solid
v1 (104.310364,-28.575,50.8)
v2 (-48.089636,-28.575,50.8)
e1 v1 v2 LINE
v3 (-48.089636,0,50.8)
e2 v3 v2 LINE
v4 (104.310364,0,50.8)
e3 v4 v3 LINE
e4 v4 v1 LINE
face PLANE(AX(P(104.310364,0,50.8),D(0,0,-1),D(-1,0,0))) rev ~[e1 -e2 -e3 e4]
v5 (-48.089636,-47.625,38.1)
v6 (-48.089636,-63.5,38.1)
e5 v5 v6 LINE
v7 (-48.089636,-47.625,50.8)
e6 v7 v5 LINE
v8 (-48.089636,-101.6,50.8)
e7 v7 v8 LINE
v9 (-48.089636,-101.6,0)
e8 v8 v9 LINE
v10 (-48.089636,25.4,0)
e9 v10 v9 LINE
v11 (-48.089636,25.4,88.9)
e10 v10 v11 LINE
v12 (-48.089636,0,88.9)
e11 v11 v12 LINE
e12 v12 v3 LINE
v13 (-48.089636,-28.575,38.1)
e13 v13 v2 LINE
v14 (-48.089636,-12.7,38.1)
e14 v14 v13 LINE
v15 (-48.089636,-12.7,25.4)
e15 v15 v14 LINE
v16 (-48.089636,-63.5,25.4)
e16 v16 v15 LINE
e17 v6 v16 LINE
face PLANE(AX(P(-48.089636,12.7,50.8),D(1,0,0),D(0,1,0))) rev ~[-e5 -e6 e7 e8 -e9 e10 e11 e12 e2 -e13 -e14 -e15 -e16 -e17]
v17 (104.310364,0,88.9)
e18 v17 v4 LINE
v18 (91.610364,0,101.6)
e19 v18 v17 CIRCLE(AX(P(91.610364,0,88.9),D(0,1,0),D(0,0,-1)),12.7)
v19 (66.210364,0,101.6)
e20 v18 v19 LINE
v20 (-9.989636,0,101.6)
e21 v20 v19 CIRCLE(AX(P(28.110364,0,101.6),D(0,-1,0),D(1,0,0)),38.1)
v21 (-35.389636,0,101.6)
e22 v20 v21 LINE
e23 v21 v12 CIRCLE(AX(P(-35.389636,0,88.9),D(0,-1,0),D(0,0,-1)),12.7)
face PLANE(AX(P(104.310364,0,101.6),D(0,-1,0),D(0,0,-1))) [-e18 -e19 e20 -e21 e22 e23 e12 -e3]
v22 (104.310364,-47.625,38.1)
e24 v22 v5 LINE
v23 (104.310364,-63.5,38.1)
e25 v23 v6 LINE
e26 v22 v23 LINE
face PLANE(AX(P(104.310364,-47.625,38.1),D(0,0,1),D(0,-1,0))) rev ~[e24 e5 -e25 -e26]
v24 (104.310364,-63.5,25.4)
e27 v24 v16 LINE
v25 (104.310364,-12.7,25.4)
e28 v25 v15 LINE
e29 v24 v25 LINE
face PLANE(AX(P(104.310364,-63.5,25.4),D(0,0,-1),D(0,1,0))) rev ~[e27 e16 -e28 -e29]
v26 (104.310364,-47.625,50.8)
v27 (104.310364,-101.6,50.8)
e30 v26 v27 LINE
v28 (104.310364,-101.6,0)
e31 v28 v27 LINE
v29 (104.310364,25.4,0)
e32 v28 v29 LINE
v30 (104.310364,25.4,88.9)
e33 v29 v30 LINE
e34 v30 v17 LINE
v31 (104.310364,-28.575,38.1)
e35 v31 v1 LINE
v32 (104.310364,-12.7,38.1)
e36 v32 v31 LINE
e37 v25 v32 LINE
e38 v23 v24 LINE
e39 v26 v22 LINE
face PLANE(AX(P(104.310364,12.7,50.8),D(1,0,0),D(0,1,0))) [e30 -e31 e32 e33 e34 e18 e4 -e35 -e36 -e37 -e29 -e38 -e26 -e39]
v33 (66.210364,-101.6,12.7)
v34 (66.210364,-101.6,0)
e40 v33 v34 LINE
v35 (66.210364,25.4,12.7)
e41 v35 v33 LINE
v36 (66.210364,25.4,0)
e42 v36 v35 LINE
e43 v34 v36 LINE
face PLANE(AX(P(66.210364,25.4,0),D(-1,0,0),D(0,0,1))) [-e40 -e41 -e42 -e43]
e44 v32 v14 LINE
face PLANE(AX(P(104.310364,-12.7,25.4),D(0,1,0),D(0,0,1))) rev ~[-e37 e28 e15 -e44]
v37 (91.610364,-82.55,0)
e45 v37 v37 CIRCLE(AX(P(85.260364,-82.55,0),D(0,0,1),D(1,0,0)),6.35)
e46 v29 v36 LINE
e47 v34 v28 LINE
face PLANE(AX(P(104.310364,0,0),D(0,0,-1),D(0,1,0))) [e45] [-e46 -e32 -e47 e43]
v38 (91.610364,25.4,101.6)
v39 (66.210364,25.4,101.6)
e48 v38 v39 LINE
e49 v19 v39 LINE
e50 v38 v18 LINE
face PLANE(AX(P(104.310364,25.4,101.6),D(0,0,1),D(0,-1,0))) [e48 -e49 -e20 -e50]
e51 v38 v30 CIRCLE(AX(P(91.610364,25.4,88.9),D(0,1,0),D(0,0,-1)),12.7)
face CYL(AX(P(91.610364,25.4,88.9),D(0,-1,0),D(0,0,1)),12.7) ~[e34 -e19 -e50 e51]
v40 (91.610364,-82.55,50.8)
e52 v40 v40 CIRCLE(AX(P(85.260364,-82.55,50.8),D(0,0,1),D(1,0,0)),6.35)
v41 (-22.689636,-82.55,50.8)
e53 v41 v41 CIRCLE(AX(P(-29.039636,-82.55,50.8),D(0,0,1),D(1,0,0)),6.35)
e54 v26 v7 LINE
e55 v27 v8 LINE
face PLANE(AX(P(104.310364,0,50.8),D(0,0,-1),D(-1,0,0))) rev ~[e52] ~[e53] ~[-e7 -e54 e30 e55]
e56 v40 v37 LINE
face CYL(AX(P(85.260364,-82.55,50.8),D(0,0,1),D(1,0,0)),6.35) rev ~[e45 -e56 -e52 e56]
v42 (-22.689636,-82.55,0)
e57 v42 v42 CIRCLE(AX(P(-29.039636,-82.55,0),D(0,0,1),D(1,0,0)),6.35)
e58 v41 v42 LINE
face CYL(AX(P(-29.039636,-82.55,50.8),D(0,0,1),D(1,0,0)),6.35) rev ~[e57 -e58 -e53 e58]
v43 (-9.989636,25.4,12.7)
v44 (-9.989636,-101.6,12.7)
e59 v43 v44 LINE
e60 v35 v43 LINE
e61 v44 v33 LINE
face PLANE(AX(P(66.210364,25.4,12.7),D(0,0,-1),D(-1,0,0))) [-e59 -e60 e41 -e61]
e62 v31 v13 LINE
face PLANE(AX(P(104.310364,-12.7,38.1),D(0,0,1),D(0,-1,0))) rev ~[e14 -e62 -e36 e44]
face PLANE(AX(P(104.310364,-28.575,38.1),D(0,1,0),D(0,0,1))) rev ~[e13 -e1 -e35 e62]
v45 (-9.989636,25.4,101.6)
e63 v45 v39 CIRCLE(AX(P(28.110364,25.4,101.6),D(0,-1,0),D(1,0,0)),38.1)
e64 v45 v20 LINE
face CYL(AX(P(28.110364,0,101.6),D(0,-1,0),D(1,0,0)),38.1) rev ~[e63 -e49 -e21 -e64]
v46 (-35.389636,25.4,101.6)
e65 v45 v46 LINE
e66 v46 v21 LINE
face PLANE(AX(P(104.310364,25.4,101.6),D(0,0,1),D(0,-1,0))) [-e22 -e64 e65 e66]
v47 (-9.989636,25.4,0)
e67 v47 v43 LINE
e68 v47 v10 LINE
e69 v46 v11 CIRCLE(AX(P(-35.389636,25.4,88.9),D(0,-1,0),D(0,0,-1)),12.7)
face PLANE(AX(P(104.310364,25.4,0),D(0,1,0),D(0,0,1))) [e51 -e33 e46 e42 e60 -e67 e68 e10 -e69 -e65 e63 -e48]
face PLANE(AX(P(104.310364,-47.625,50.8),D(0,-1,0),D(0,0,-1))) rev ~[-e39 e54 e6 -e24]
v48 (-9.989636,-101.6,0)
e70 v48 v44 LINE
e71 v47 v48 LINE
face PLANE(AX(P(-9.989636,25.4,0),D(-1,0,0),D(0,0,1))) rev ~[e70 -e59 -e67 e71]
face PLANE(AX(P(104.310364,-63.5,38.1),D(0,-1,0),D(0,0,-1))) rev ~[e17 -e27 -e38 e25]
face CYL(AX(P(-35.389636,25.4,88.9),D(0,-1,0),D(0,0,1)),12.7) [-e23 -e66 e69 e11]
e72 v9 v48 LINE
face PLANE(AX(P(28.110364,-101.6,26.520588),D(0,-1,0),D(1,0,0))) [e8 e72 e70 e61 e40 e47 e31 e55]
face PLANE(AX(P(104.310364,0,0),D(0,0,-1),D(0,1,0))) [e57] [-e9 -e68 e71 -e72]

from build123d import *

# Parameters (mm, degrees)
F1_DEPTH  = 101.6
F4_DEPTH  = 152.4
F2_R      = 6.35
F5_DEPTH  = 50.801
F7_DEPTH  = 152.4
F8_R      = 12.7
F9_R      = 38.1
F10_DEPTH = 25.4
F11_W     = 76.2
F11_H     = 12.7
F12_DEPTH = 25.4


with BuildPart() as f1:
    # F0 (on Front) → F1 (new body)
    with BuildSketch(Plane.XZ):
        Polygon((-48.089636, 50.8), (-48.089636, 0), (-9.989636, 0), (-9.989636, 12.7), (66.210364, 12.7), (66.210364, 0), (104.310364, 0), (104.310364, 50.8), align=None)
    extrude(amount=F1_DEPTH)

    # F3 (on face) → F4 (cut)
    with BuildSketch(Plane.YZ.offset(104.310364)):
        Polygon((-28.575, 50.8), (-47.625, 50.8), (-47.625, 38.1), (-63.5, 38.1), (-63.5, 25.4), (-12.7, 25.4), (-12.7, 38.1), (-28.575, 38.1), align=None)
    extrude(amount=-F4_DEPTH, mode=Mode.SUBTRACT)

    # F2 (on face) → F5 (cut, through all)
    with BuildSketch(Plane.XY.offset(50.8)):
        with Locations((-29.039636, -82.55)):
            Circle(F2_R)
        with Locations((85.260364, -82.55)):
            Circle(F2_R)
    extrude(amount=-F5_DEPTH, mode=Mode.SUBTRACT)

    # F6 (on face) → F7 (join)
    with BuildSketch(Plane.YZ.offset(104.310364)):
        Polygon((0, 101.6), (0, 50.8), (0, 0), (25.4, 0), (25.4, 101.6), align=None)
    extrude(amount=-F7_DEPTH)

    # F8
    f8_edges = [f1.edges().sort_by_distance(p)[0] for p in [
        (104.310364, 12.7, 101.6),
        (-48.089636, 12.7, 101.6),
    ]]
    fillet(f8_edges, radius=F8_R)

    # F9 (on face) → F10 (cut)
    with BuildSketch(Plane.XZ):
        with Locations((28.110364, 101.6)):
            Circle(F9_R)
    extrude(amount=-F10_DEPTH, mode=Mode.SUBTRACT)

    # F11 (on face) → F12 (cut)
    with BuildSketch(Plane(origin=(0, 25.4, 0), x_dir=(-1, 0, 0), z_dir=(0, 1, 0))):
        with Locations((-28.110364, 6.35)):
            Rectangle(F11_W, F11_H)
    extrude(amount=-F12_DEPTH, mode=Mode.SUBTRACT)


solid = f1.part
